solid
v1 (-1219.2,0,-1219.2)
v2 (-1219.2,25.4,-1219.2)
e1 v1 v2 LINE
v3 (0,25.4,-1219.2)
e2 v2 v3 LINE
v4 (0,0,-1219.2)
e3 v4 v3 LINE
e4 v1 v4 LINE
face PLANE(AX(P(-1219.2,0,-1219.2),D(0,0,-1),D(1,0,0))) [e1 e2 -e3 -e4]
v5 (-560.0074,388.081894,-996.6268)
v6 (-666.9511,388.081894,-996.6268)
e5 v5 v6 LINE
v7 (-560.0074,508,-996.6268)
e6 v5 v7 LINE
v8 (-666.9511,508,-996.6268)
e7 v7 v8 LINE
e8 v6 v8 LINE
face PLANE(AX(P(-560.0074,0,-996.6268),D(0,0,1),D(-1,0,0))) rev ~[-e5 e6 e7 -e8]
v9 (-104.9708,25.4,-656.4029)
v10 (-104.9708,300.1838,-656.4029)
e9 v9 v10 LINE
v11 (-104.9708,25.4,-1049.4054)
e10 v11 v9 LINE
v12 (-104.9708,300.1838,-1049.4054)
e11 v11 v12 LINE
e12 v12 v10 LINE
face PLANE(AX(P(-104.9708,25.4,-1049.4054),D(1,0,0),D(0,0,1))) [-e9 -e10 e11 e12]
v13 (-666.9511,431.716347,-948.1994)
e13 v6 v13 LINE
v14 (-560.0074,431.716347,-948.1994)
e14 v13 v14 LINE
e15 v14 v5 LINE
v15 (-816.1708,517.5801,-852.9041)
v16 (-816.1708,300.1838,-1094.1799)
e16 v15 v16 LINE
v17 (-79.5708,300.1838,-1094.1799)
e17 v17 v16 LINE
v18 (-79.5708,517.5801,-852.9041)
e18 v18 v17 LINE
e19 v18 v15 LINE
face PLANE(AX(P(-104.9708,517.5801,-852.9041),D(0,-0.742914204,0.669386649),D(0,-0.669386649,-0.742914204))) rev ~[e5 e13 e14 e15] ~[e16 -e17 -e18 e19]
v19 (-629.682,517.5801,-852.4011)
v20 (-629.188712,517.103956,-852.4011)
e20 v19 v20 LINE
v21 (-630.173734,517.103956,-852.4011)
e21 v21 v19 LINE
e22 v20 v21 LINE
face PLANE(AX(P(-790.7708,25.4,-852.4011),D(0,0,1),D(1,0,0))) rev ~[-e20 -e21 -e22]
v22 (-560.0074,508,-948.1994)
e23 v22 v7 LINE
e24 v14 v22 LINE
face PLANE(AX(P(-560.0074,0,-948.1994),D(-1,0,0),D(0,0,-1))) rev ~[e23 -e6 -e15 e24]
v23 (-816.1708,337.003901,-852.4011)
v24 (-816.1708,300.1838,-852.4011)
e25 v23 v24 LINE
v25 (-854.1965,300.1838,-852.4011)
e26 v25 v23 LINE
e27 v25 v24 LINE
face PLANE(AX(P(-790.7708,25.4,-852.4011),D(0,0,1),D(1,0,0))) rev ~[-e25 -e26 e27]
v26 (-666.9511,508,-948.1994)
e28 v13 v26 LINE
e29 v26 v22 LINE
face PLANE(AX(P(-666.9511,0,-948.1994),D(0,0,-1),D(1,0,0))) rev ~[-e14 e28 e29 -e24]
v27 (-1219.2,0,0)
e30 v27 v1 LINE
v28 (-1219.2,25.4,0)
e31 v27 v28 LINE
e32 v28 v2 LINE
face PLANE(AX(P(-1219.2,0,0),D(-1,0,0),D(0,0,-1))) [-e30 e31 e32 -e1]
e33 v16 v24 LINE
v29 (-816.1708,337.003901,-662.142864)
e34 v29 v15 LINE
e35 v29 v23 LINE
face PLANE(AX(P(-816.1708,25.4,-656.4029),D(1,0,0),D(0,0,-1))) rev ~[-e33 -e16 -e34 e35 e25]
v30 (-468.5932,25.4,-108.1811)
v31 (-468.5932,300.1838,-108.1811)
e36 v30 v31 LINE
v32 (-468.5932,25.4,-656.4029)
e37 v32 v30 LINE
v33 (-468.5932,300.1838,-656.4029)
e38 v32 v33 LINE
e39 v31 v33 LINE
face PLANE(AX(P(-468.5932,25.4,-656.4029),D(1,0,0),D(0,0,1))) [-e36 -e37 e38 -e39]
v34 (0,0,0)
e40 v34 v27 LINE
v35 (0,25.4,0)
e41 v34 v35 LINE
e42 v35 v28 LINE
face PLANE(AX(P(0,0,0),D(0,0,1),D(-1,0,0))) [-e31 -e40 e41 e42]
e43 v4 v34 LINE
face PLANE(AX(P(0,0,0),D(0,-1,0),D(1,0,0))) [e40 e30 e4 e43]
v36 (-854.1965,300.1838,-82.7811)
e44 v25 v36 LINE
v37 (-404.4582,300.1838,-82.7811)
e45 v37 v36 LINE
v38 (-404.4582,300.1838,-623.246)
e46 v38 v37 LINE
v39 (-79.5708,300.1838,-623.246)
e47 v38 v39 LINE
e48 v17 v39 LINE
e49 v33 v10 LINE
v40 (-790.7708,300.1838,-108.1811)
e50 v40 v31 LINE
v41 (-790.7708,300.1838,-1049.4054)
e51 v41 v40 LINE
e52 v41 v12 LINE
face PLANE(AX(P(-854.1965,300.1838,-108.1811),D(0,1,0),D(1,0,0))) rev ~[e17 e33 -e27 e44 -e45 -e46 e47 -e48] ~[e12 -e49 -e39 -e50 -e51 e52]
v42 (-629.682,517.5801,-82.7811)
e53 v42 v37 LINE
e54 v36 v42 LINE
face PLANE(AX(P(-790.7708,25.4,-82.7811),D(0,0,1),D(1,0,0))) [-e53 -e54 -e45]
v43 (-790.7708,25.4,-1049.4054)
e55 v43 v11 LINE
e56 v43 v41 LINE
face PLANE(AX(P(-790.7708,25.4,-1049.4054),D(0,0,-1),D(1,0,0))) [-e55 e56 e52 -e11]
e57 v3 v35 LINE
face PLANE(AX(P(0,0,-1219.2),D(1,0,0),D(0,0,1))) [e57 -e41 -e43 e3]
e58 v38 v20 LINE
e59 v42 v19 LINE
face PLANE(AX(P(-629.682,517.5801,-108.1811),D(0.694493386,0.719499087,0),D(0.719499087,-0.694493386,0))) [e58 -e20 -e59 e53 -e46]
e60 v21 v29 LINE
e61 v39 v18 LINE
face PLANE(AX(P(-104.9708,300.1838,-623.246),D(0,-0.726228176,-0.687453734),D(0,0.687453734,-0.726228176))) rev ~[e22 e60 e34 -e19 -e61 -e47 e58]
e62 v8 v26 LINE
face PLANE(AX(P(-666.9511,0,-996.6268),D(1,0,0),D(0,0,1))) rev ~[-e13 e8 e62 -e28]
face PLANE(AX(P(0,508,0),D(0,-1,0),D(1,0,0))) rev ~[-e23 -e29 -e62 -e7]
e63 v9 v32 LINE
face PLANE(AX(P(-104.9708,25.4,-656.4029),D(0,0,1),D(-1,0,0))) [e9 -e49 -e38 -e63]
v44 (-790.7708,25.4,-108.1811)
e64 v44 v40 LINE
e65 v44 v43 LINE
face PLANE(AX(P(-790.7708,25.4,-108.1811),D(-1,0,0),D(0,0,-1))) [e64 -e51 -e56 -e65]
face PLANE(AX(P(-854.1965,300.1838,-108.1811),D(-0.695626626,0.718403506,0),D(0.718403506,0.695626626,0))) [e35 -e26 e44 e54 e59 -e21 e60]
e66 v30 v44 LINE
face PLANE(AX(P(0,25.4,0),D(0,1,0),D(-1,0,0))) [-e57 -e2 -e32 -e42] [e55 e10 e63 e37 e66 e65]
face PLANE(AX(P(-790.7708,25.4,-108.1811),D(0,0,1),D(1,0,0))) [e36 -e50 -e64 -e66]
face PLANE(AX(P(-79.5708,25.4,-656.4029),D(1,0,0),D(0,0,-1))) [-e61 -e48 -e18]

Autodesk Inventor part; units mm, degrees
ref_plane "YZ Plane" through (0, 0, 0) normal (1, 0, 0) x (0, 1, 0)
ref_plane "XZ Plane" through (0, 0, 0) normal (0, 1, 0) x (-1, 0, 0)
ref_plane "XY Plane" through (0, 0, 0) normal (0, 0, 1) x (1, 0, 0)
sketch "Sketch1" plane through (0, 0, 0) normal (0, 1, 0) x (-1, 0, 0)
  line L0 (0, 0) -> (1219.2, 0)
  line L1 (1219.2, 0) -> (1219.2, -1219.2)
  line L2 (1219.2, -1219.2) -> (0, -1219.2)
  line L3 (0, -1219.2) -> (0, 0)
  dimension "d0" = 1219.2
  dimension "d1" = 1219.2
extrude "Extrusion1" add sketch "Sketch1" along normal blind 25.4
sketch "Sketch2" plane through (0, 25.4, 0) normal (0, 1, 0) x (1, 0, 0)
  line L0 (-790.7708, 108.1811) -> (-790.7708, 1049.4054)
  line L1 (-790.7708, 1049.4054) -> (-104.9708, 1049.4054)
  line L2 (-104.9708, 1049.4054) -> (-104.9708, 656.4029)
  line L3 (-104.9708, 656.4029) -> (-468.5932, 656.4029)
  line L4 (-468.5932, 656.4029) -> (-468.5932, 108.1811)
  line L5 (-468.5932, 108.1811) -> (-790.7708, 108.1811)
  point P0 (0, 0)
  dimension "d10" = 685.8
extrude "Extrusion2" add sketch "Sketch2" along normal blind 304.8
sketch "Sketch3" plane through (-104.9708, 25.4, -656.4029) normal (1, 0, 0) x (0, 0, -1)
  line L0 (-33.1569, 274.7838) -> (196.5012, 492.1801)
  line L1 (196.5012, 492.1801) -> (437.777, 274.7838)
  line L2 (437.777, 274.7838) -> (-33.1569, 274.7838)
  line L3 (0, 304.8) -> (393.0024, 304.8) projected
  point P0 (-656.4029, -25.4)
extrude "Extrusion3" add sketch "Sketch3" along normal blind 25.4
extrude "Extrusion4" add sketch "Sketch3" against normal blind 711.2
sketch "Sketch4" plane through (-790.7708, 25.4, -108.1811) normal (0, 0, 1) x (1, 0, 0)
  line L0 (-63.4257, 274.7838) -> (161.0888, 492.1801)
  line L1 (161.0888, 492.1801) -> (386.3126, 274.7838)
  line L2 (322.1776, 274.7838) -> (711.2, 274.7838) projected
  line L3 (-63.4257, 274.7838) -> (386.3126, 274.7838)
  line L4 (0, 304.8) -> (322.1776, 304.8) projected
  line L5 (711.2, 492.1801) -> (-25.4, 492.1801) projected
  point P0 (790.7708, -25.4)
extrude "Extrusion5" add sketch "Sketch4" against normal blind 744.22
extrude "Extrusion6" add sketch "Sketch4" along normal blind 25.4
sketch "Sketch5" plane through (0, 0, 0) normal (0, -1, 0) x (1, 0, 0)
  line L0 (-560.0074, -996.6268) -> (-666.9511, -996.6268)
  line L1 (-666.9511, -996.6268) -> (-666.9511, -948.1994)
  line L2 (-666.9511, -948.1994) -> (-560.0074, -948.1994)
  line L3 (-560.0074, -948.1994) -> (-560.0074, -996.6268)
  point P0 (0, 0)
extrude "Extrusion7" add sketch "Sketch5" against normal blind 508
equation "\"d1\" = d0"
properties part number "house_1" material "Wood (Oak)"
